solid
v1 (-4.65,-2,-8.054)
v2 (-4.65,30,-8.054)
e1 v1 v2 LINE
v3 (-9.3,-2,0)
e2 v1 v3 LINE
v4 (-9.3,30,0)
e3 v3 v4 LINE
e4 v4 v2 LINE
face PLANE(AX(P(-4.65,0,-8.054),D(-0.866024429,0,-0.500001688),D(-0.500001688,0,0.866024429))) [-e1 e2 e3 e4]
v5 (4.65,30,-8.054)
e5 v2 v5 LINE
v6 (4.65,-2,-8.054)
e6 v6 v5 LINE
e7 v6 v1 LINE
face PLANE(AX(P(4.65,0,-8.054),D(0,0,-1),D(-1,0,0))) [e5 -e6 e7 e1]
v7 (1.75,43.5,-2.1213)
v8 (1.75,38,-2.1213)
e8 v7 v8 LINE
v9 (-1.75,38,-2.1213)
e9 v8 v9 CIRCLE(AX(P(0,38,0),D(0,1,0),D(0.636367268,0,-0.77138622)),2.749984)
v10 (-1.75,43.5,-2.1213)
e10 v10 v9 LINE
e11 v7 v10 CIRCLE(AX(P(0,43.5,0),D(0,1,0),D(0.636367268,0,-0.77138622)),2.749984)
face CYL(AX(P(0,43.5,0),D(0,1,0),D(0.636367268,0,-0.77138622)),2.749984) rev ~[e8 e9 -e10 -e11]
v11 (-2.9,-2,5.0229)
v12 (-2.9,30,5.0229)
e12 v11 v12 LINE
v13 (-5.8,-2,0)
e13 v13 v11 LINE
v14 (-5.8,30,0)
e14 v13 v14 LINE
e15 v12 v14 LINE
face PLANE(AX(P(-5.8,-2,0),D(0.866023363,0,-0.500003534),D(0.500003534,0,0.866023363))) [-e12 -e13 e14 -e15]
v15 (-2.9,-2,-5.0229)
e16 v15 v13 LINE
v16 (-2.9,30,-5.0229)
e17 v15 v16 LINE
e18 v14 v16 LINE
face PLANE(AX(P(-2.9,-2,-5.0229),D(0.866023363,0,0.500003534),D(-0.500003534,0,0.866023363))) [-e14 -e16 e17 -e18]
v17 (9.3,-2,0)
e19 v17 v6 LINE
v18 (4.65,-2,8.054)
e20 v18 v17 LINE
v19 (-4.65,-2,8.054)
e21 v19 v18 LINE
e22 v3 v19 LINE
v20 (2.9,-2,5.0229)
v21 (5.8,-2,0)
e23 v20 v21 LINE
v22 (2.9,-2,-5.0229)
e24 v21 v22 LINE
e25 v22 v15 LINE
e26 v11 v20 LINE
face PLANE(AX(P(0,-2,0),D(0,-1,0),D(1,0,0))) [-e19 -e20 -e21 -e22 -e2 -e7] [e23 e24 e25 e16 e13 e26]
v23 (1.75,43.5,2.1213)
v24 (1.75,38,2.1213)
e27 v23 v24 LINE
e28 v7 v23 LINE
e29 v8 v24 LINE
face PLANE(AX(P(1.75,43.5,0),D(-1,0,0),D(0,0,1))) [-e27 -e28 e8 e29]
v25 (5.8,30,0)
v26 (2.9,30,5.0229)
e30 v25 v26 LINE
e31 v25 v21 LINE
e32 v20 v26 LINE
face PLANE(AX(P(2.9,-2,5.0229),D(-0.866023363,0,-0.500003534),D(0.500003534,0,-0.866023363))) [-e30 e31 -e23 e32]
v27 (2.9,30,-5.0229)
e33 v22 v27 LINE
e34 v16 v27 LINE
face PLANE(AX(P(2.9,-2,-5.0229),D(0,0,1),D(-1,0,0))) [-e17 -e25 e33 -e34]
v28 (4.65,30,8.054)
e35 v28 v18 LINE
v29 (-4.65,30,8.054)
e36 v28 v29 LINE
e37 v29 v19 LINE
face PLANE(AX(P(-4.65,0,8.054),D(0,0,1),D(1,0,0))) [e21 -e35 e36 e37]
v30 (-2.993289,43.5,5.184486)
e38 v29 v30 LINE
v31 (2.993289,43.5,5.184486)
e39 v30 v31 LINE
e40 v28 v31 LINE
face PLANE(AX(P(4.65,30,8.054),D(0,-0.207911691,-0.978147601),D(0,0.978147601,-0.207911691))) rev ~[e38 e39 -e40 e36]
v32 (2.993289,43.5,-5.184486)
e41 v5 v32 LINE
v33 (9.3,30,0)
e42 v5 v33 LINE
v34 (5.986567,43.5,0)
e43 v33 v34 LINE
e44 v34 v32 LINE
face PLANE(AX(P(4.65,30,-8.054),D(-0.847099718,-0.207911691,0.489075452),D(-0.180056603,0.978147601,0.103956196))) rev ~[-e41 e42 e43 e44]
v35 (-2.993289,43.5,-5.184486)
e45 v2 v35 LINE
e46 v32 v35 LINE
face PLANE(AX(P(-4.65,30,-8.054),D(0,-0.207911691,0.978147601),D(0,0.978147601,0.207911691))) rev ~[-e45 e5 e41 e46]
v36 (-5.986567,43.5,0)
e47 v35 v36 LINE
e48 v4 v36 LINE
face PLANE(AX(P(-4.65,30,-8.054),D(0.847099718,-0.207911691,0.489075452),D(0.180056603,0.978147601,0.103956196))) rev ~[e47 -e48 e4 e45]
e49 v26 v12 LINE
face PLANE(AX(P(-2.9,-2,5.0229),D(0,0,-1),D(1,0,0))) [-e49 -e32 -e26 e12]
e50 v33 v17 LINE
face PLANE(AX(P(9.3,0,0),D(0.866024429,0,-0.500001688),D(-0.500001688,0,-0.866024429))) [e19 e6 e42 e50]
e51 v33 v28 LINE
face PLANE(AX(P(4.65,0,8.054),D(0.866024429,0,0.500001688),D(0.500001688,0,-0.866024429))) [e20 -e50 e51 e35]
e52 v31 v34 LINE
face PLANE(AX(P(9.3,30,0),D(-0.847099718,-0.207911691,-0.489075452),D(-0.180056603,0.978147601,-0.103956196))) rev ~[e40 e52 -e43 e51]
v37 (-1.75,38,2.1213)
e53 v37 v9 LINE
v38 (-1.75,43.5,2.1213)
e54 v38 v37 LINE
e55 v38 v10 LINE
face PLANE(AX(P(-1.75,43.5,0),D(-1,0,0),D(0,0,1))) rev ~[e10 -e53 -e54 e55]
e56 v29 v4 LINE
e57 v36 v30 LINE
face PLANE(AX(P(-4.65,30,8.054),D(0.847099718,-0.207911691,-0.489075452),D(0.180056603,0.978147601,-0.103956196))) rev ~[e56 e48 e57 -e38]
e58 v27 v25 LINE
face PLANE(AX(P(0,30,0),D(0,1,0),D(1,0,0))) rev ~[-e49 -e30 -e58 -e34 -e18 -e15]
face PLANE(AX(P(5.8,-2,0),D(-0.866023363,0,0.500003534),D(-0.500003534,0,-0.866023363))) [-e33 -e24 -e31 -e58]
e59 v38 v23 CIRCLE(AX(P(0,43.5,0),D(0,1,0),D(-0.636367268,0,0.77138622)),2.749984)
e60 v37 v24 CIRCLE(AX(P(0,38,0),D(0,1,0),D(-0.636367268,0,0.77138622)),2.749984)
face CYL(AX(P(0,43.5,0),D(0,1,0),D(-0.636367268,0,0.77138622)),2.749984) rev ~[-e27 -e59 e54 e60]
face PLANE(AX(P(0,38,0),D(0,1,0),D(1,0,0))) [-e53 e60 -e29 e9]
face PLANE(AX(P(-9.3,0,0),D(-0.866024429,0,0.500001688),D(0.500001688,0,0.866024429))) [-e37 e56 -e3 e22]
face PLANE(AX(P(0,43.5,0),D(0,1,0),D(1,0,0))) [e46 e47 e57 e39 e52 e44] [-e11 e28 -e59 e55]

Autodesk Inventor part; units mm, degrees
ref_plane "YZ Plane" through (0, 0, 0) normal (1, 0, 0) x (0, 1, 0)
ref_plane "XZ Plane" through (0, 0, 0) normal (0, 1, 0) x (-1, 0, 0)
ref_plane "XY Plane" through (0, 0, 0) normal (0, 0, 1) x (1, 0, 0)
sketch "Boceto1" plane through (0, 0, 0) normal (0, 1, 0) x (-1, 0, 0)
  line L0 (0, 0) -> (5.8, 0)
  line L1 (5.8, 0) -> (9.3, 0)
  line L2 (5.8, 0) -> (2.9, -5.0229)
  line L3 (2.9, -5.0229) -> (-2.9, -5.0229)
  line L4 (-2.9, -5.0229) -> (-5.8, 0)
  line L5 (-5.8, 0) -> (-2.9, 5.0229)
  line L6 (-2.9, 5.0229) -> (2.9, 5.0229)
  line L7 (2.9, 5.0229) -> (5.8, 0)
  line L8 (9.3, 0) -> (4.65, -8.054)
  line L9 (4.65, -8.054) -> (-4.65, -8.054)
  line L10 (-4.65, -8.054) -> (-9.3, 0)
  line L11 (-9.3, 0) -> (-4.65, 8.054)
  line L12 (-4.65, 8.054) -> (4.65, 8.054)
  line L13 (4.65, 8.054) -> (9.3, 0)
  dimension "d0" = 5.8
  dimension "d1" = 3.5
extrude "Extrusión1" add sketch "Boceto1" along normal blind 30
sketch "Boceto2" plane through (0, 30, 0) normal (0, 1, 0) x (1, 0, 0)
  line L0 (-4.65, 8.054) -> (-9.3, 0) projected
  line L1 (-9.3, 0) -> (-4.65, 8.054)
  line L2 (-4.65, 8.054) -> (4.65, 8.054)
  line L3 (4.65, 8.054) -> (9.3, 0)
  line L4 (9.3, 0) -> (4.65, -8.054)
  line L5 (4.65, -8.054) -> (-4.65, -8.054)
  line L6 (-4.65, -8.054) -> (-9.3, 0)
  point P0 (0, 0)
  point P1 (0, 0)
extrude "Extrusión2" add sketch "Boceto2" along normal blind 13.5 draft -12
sketch "Boceto3" plane through (0, 0, 0) normal (0, -1, 0) x (1, 0, 0)
  line L0 (9.3, 0) -> (5.9866, 0) projected
  line L1 (9.3, 0) -> (4.65, -8.054)
  line L2 (4.65, -8.054) -> (-4.65, -8.054)
  line L3 (-4.65, -8.054) -> (-9.3, 0)
  line L4 (-9.3, 0) -> (-4.65, 8.054)
  line L5 (-4.65, 8.054) -> (4.65, 8.054)
  line L6 (4.65, 8.054) -> (9.3, 0)
  point P0 (0, 0)
  point P1 (0, 0)
sketch "Boceto4" plane through (0, 0, 0) normal (0, -1, 0) x (1, 0, 0)
  line L0 (5.8, 0) -> (2.9, -5.0229)
  line L1 (2.9, -5.0229) -> (-2.9, -5.0229)
  line L2 (-2.9, -5.0229) -> (-5.8, 0)
  line L3 (-5.8, 0) -> (-2.9, 5.0229)
  line L4 (-2.9, 5.0229) -> (2.9, 5.0229)
  line L5 (2.9, 5.0229) -> (5.8, 0)
  point P0 (0, 0)
  point P1 (0, 0)
extrude "Extrusión3" add sketch "Boceto3" along normal blind 2
sketch "Boceto5" plane through (0, -2, 0) normal (0, -1, 0) x (1, 0, 0)
  line L0 (0, 0) -> (5.8, 0)
  line L1 (5.8, 0) -> (2.9, -5.0229)
  line L2 (2.9, -5.0229) -> (-2.9, -5.0229)
  line L3 (-2.9, -5.0229) -> (-5.8, 0)
  line L4 (-5.8, 0) -> (-2.9, 5.0229)
  line L5 (-2.9, 5.0229) -> (2.9, 5.0229)
  line L6 (2.9, 5.0229) -> (5.8, 0)
  dimension "d8" = 5.8
extrude "Extrusión4" cut sketch "Boceto5" against normal blind 2
sketch "Boceto6" plane through (0, 43.5, 0) normal (0, 1, 0) x (1, 0, 0)
  line L0 (-1.75, 0) -> (-1.75, 2.1213)
  line L1 (-1.75, 0) -> (-1.75, -2.1213)
  line L2 (1.75, 0) -> (1.75, 2.1213)
  line L3 (1.75, 0) -> (1.75, -2.1213)
  arc A0 (-1.75, -2.1213) -> (1.75, -2.1213) centre (0, 0) ccw
  arc A1 (1.75, 2.1213) -> (-1.75, 2.1213) centre (0, 0) ccw
extrude "Extrusión5" cut sketch "Boceto6" against normal blind 5.5
properties part number "acopladorV3"
